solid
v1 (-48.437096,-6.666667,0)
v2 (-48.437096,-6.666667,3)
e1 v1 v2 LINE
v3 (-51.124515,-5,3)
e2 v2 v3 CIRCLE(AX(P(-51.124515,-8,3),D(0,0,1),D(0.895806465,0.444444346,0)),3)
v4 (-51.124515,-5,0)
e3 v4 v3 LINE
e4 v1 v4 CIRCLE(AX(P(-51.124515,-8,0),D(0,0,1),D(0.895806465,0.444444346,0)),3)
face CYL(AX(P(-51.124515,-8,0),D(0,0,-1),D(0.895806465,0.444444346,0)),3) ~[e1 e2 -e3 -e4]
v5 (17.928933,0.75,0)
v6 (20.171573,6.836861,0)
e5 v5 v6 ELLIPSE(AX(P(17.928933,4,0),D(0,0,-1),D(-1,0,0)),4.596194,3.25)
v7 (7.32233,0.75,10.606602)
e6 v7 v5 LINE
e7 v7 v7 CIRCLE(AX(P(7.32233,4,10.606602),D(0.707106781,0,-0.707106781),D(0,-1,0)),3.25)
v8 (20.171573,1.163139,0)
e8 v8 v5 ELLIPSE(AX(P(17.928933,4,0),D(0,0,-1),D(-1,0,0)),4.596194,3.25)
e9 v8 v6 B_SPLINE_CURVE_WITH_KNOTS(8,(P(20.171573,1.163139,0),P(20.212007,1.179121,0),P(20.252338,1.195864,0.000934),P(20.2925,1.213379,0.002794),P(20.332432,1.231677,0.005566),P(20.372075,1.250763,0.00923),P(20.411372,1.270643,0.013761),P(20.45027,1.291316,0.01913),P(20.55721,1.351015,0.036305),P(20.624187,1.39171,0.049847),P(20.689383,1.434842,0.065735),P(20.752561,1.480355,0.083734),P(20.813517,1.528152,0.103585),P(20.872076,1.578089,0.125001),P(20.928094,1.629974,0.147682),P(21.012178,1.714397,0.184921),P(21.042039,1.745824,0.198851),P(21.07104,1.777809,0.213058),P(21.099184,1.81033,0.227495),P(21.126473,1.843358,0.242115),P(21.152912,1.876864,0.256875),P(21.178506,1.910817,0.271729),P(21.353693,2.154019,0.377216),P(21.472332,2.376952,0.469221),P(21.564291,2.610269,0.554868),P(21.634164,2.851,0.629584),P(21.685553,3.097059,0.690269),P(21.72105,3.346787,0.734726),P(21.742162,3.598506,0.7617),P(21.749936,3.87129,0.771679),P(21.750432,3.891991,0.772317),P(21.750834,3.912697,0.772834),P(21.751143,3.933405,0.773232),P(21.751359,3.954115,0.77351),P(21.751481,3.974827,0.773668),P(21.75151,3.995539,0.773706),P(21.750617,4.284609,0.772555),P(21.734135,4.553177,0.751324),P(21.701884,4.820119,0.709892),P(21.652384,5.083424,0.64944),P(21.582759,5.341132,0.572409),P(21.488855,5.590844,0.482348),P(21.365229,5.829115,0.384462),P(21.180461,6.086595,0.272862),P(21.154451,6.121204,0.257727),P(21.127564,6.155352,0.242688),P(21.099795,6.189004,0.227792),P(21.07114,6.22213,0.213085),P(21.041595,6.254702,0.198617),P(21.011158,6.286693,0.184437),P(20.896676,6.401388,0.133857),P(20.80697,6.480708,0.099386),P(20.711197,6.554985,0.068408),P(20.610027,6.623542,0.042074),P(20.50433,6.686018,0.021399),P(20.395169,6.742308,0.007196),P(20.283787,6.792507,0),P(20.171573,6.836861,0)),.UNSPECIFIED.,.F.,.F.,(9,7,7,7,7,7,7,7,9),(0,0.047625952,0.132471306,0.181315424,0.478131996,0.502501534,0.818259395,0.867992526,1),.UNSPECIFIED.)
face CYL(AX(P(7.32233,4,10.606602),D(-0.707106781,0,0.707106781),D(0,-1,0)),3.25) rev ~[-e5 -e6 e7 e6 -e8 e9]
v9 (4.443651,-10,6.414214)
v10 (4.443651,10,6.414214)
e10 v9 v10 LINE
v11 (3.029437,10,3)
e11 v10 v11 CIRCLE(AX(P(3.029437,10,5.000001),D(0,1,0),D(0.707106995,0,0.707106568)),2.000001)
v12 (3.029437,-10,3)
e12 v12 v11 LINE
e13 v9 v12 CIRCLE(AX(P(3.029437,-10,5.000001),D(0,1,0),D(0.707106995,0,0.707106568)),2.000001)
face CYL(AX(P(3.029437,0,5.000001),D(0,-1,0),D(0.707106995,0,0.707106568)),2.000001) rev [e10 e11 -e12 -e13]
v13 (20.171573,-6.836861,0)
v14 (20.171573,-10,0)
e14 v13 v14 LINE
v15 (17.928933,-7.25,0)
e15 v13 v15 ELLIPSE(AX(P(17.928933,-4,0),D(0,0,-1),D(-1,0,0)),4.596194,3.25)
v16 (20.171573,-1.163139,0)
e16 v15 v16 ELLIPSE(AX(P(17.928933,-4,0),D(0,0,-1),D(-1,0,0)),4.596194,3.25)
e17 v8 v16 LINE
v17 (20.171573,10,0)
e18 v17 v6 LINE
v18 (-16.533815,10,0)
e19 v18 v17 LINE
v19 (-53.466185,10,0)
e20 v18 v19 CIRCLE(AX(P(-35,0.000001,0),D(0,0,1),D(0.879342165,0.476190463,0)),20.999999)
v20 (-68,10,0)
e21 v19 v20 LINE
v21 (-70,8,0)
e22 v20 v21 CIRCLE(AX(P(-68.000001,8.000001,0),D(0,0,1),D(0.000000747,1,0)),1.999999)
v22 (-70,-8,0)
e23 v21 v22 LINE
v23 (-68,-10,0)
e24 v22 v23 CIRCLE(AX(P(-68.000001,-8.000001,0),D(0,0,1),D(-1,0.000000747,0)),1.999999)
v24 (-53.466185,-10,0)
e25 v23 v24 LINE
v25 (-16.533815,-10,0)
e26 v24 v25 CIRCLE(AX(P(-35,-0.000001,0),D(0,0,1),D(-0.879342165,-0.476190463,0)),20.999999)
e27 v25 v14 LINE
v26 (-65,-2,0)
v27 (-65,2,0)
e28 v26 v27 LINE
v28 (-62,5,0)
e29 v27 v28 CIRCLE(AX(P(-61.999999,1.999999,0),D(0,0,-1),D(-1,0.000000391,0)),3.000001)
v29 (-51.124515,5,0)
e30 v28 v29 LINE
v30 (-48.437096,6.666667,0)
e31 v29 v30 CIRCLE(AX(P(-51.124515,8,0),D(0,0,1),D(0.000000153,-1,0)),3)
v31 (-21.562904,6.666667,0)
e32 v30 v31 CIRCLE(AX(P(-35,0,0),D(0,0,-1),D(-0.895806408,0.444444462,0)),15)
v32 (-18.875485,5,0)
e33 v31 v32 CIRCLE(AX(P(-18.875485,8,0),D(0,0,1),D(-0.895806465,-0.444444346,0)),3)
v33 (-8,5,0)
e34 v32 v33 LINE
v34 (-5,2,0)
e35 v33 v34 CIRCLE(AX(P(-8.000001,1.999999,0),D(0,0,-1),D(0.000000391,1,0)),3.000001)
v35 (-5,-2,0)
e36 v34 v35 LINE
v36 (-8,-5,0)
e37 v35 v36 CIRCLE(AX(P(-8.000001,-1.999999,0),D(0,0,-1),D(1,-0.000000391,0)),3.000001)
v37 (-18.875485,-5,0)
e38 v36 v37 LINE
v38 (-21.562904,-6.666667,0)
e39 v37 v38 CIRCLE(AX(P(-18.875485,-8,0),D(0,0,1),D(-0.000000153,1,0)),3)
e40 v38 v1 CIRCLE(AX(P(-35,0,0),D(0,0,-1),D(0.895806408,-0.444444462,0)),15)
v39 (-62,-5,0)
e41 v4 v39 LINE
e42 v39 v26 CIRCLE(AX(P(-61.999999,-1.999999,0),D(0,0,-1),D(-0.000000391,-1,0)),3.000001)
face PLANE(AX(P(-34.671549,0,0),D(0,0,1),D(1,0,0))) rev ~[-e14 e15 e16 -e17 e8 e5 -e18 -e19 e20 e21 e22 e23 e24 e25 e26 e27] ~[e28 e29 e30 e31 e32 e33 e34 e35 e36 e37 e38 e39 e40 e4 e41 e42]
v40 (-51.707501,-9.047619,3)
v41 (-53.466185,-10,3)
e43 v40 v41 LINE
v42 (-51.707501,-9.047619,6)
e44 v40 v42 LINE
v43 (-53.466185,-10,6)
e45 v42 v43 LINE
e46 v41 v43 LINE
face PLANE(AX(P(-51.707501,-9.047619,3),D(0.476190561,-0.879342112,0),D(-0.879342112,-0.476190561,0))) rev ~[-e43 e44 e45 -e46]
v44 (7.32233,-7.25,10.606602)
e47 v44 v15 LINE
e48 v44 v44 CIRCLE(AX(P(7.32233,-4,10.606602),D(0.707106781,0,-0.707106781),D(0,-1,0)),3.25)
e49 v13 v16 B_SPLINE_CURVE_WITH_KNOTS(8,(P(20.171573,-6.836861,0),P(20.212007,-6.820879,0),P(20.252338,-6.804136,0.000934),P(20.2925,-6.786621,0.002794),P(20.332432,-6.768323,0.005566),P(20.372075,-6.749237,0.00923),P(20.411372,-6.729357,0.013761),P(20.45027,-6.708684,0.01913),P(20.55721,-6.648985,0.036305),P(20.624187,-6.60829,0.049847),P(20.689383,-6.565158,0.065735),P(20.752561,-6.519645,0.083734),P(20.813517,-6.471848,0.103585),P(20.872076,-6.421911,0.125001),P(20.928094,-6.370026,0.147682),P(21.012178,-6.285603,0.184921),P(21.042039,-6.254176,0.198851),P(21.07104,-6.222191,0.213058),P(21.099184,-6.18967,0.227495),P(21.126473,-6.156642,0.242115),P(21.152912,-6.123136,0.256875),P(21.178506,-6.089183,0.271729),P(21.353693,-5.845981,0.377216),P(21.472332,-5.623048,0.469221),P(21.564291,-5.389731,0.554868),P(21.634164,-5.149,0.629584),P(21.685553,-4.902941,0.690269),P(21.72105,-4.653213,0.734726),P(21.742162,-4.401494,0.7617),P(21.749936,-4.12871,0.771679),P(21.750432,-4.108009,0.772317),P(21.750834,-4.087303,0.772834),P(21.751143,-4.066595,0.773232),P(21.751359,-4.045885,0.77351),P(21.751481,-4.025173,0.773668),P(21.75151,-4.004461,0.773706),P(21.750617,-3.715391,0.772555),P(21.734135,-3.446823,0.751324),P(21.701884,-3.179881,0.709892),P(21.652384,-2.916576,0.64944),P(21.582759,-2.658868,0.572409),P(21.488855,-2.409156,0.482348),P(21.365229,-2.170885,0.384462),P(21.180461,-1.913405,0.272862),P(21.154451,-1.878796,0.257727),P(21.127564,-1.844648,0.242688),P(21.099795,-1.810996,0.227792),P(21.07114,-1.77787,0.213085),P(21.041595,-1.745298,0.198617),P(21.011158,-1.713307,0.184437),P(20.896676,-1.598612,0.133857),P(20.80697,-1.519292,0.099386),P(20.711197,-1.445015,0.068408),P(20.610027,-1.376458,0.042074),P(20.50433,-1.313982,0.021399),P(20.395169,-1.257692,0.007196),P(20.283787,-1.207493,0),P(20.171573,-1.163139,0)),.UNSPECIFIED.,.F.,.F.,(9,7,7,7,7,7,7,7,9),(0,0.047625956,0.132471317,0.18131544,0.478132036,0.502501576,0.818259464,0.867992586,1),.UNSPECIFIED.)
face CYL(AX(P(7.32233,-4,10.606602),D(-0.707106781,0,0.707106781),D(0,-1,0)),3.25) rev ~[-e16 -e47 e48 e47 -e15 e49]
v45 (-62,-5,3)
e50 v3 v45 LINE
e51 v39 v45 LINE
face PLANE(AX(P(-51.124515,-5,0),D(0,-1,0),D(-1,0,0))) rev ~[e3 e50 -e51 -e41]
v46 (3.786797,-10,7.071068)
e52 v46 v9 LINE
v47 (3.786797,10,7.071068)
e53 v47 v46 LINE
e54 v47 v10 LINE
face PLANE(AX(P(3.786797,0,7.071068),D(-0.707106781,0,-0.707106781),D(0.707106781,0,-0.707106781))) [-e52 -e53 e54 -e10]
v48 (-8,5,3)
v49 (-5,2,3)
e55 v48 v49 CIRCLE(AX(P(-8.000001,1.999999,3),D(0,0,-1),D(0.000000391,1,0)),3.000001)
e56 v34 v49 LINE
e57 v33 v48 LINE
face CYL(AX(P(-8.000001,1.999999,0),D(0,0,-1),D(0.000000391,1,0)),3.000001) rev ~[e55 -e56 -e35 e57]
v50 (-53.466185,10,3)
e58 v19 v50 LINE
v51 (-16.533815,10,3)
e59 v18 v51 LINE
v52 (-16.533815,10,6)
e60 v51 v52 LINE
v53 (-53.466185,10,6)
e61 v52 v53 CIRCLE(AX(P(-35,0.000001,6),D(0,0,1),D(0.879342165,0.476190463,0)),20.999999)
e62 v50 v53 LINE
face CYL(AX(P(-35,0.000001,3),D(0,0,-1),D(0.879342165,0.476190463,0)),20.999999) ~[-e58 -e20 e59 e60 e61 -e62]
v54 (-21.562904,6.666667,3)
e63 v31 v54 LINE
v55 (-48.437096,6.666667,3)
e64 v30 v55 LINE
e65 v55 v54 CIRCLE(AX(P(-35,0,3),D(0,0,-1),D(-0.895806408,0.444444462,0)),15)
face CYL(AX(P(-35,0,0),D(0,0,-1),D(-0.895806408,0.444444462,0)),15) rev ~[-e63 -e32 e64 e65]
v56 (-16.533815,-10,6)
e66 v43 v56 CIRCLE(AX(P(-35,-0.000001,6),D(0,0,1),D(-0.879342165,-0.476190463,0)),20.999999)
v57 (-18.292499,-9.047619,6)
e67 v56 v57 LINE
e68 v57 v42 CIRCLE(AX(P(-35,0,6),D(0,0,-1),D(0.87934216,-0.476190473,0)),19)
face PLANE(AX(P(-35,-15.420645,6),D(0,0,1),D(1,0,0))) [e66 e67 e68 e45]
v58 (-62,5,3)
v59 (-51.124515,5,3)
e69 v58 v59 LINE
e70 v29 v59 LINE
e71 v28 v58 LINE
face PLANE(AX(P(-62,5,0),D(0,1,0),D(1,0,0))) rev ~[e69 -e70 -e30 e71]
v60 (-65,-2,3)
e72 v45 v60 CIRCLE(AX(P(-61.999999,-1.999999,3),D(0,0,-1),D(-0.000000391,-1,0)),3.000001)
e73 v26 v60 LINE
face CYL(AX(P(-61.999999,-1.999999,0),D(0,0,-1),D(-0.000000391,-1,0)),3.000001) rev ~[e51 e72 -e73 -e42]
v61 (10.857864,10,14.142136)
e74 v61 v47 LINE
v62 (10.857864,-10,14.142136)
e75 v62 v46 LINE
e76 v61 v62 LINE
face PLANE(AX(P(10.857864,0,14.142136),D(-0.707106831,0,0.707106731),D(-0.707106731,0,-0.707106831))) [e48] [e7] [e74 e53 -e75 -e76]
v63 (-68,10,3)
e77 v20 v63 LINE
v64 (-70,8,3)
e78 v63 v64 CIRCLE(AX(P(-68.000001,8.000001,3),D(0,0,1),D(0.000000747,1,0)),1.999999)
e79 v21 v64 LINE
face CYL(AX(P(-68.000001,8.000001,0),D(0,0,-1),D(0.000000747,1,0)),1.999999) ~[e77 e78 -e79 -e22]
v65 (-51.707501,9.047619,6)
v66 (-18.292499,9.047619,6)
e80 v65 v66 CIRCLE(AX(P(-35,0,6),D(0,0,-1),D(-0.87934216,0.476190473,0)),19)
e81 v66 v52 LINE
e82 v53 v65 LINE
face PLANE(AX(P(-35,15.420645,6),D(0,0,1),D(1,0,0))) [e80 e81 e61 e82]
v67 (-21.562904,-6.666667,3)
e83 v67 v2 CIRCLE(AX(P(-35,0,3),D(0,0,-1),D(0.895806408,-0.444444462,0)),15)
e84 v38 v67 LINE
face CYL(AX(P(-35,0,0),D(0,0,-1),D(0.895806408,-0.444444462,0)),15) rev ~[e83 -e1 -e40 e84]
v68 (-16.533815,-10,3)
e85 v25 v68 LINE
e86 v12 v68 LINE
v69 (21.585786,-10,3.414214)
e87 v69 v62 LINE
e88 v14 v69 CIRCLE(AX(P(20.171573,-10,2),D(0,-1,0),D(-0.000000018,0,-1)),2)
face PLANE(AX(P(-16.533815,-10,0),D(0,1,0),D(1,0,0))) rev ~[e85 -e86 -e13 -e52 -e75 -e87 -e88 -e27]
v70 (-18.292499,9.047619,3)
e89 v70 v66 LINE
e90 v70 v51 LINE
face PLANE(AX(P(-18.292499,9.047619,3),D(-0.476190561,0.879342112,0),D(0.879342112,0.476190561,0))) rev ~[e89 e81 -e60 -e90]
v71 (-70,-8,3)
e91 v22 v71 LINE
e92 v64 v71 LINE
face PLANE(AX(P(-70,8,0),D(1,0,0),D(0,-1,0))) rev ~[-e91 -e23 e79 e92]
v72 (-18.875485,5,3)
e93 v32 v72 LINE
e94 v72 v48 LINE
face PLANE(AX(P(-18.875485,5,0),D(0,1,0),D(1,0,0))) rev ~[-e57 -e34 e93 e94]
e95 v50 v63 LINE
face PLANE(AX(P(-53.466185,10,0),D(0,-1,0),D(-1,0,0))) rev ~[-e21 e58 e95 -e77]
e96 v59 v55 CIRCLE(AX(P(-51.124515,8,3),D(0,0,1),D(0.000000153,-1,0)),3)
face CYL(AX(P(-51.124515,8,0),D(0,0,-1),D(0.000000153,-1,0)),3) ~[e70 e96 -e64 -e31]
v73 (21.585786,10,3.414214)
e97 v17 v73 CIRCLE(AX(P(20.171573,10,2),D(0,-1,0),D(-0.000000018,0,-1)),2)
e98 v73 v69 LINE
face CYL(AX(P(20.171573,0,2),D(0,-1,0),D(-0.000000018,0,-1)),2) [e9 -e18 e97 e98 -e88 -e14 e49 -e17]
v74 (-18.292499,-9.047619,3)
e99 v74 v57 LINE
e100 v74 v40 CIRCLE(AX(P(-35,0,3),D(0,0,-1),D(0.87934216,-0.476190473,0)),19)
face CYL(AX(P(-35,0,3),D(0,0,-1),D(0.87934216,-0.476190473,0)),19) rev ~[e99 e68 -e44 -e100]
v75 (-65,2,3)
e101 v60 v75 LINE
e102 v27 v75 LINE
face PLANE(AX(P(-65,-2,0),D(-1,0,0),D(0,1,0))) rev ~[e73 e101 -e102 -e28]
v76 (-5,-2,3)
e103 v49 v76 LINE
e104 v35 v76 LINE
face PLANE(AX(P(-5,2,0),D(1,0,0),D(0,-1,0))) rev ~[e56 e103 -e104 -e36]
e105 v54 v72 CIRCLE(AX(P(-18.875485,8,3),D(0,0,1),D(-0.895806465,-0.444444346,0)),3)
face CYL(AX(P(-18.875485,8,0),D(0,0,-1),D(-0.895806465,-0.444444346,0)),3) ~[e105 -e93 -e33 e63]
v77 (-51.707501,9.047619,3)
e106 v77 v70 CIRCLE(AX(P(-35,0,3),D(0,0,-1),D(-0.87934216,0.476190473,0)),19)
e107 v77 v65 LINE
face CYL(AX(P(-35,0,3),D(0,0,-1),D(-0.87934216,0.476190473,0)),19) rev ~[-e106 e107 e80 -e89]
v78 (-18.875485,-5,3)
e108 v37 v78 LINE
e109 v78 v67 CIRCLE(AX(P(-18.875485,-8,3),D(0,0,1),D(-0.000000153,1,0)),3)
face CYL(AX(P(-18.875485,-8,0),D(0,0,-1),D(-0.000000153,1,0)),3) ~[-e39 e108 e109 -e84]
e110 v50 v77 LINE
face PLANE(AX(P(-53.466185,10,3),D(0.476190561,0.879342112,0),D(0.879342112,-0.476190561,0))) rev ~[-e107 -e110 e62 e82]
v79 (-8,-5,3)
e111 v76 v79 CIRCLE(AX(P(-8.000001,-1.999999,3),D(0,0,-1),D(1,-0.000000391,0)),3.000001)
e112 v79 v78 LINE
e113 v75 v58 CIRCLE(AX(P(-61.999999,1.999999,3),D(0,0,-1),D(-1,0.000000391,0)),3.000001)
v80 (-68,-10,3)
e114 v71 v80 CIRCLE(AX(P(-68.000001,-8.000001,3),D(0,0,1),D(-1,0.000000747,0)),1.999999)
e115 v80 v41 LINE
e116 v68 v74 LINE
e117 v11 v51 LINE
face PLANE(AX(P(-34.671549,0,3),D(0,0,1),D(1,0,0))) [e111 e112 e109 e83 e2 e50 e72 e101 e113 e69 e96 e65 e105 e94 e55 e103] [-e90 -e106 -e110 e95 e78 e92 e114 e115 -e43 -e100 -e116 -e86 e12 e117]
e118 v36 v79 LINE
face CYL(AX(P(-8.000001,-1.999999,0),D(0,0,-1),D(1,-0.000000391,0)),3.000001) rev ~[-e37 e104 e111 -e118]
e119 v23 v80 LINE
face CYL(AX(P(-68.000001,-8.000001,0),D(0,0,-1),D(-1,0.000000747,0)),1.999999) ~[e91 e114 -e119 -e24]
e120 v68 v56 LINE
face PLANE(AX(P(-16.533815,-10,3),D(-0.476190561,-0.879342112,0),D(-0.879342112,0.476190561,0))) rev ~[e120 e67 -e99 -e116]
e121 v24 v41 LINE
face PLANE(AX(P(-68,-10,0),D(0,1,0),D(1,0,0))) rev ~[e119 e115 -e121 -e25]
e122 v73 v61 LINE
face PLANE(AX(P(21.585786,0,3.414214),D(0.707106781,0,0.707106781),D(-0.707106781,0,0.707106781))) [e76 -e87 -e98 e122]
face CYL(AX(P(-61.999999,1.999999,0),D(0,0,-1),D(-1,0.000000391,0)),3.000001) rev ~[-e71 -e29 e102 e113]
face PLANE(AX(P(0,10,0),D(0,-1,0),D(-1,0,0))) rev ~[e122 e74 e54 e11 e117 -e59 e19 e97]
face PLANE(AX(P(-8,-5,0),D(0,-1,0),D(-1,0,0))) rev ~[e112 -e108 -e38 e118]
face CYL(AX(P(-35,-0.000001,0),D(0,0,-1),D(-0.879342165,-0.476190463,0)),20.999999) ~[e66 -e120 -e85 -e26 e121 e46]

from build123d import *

# Parameters (mm, degrees)
F1_DEPTH = 10
F2_R     = 3.25
F3_DEPTH = 25
F5_DEPTH = 3
F7_DEPTH = 3


with BuildPart() as f1:
    # F0 (on Front) → F1 (new body, symmetric)
    with BuildSketch(Plane.XZ):
        with BuildLine():
            Line((0, 3), (0, 0))
            Line((0, 0), (20.171573, 0))
            ThreePointArc((20.171573, 0), (22.019332, 1.234633), (21.585786, 3.414214))
            Line((21.585786, 3.414214), (10.857864, 14.142136))
            Line((10.857864, 14.142136), (3.786797, 7.071068))
            Line((3.786797, 7.071068), (4.443651, 6.414214))
            ThreePointArc((4.443651, 6.414214), (4.877196, 4.234633), (3.029437, 3))
            Line((3.029437, 3), (0, 3))
        make_face()
    extrude(amount=F1_DEPTH, both=True)

    # F2 (on face) → F3 (cut)
    with BuildSketch(Plane(origin=(-1.642136, 0, 1.642136), x_dir=(0, -1, 0), z_dir=(-0.707107, 0, 0.707107))):
        with Locations((-4, 12.67767)):
            Circle(F2_R)
        with Locations((4, 12.67767)):
            Circle(F2_R)
    extrude(amount=-F3_DEPTH, mode=Mode.SUBTRACT)

    # F4 (on Top) → F5 (join)
    with BuildSketch(Plane.XY):
        with BuildLine():
            Line((0, -10), (0, 10))
            Line((0, 10), (-16.533815, 10))
            ThreePointArc((-16.533815, 10), (-35, 21), (-53.466185, 10))
            Line((-53.466185, 10), (-68, 10))
            ThreePointArc((-68, 10), (-69.414214, 9.414214), (-70, 8))
            Line((-70, 8), (-70, -8))
            ThreePointArc((-70, -8), (-69.414214, -9.414214), (-68, -10))
            Line((-68, -10), (-53.466185, -10))
            ThreePointArc((-53.466185, -10), (-35, -21), (-16.533815, -10))
            Line((-16.533815, -10), (0, -10))
        make_face()
        with BuildLine():
            ThreePointArc((-21.562904, -6.666667), (-35, -15), (-48.437096, -6.666667))
            ThreePointArc((-48.437096, -6.666667), (-49.543377, -5.45049), (-51.124515, -5))
            Line((-51.124515, -5), (-62, -5))
            ThreePointArc((-62, -5), (-64.12132, -4.12132), (-65, -2))
            Line((-65, -2), (-65, 2))
            ThreePointArc((-65, 2), (-64.12132, 4.12132), (-62, 5))
            Line((-62, 5), (-51.124515, 5))
            ThreePointArc((-51.124515, 5), (-49.543377, 5.45049), (-48.437096, 6.666667))
            ThreePointArc((-48.437096, 6.666667), (-35, 15), (-21.562904, 6.666667))
            ThreePointArc((-21.562904, 6.666667), (-20.456623, 5.45049), (-18.875485, 5))
            Line((-18.875485, 5), (-8, 5))
            ThreePointArc((-8, 5), (-5.87868, 4.12132), (-5, 2))
            Line((-5, 2), (-5, -2))
            ThreePointArc((-5, -2), (-5.87868, -4.12132), (-8, -5))
            Line((-8, -5), (-18.875485, -5))
            ThreePointArc((-18.875485, -5), (-20.456623, -5.45049), (-21.562904, -6.666667))
        make_face(mode=Mode.SUBTRACT)
    extrude(amount=F5_DEPTH)

    # F6 (on face) → F7 (join)
    with BuildSketch(Plane.XY.offset(3)):
        with BuildLine():
            ThreePointArc((-51.707501, 9.047619), (-35, 19), (-18.292499, 9.047619))
            Line((-18.292499, 9.047619), (-16.533815, 10))
            ThreePointArc((-16.533815, 10), (-35, 21), (-53.466185, 10))
            Line((-53.466185, 10), (-51.707501, 9.047619))
        make_face()
        with BuildLine():
            Line((-16.533815, -10), (-18.292499, -9.047619))
            ThreePointArc((-18.292499, -9.047619), (-35, -19), (-51.707501, -9.047619))
            Line((-51.707501, -9.047619), (-53.466185, -10))
            ThreePointArc((-53.466185, -10), (-35, -21), (-16.533815, -10))
        make_face()
    extrude(amount=F7_DEPTH)


solid = f1.part
